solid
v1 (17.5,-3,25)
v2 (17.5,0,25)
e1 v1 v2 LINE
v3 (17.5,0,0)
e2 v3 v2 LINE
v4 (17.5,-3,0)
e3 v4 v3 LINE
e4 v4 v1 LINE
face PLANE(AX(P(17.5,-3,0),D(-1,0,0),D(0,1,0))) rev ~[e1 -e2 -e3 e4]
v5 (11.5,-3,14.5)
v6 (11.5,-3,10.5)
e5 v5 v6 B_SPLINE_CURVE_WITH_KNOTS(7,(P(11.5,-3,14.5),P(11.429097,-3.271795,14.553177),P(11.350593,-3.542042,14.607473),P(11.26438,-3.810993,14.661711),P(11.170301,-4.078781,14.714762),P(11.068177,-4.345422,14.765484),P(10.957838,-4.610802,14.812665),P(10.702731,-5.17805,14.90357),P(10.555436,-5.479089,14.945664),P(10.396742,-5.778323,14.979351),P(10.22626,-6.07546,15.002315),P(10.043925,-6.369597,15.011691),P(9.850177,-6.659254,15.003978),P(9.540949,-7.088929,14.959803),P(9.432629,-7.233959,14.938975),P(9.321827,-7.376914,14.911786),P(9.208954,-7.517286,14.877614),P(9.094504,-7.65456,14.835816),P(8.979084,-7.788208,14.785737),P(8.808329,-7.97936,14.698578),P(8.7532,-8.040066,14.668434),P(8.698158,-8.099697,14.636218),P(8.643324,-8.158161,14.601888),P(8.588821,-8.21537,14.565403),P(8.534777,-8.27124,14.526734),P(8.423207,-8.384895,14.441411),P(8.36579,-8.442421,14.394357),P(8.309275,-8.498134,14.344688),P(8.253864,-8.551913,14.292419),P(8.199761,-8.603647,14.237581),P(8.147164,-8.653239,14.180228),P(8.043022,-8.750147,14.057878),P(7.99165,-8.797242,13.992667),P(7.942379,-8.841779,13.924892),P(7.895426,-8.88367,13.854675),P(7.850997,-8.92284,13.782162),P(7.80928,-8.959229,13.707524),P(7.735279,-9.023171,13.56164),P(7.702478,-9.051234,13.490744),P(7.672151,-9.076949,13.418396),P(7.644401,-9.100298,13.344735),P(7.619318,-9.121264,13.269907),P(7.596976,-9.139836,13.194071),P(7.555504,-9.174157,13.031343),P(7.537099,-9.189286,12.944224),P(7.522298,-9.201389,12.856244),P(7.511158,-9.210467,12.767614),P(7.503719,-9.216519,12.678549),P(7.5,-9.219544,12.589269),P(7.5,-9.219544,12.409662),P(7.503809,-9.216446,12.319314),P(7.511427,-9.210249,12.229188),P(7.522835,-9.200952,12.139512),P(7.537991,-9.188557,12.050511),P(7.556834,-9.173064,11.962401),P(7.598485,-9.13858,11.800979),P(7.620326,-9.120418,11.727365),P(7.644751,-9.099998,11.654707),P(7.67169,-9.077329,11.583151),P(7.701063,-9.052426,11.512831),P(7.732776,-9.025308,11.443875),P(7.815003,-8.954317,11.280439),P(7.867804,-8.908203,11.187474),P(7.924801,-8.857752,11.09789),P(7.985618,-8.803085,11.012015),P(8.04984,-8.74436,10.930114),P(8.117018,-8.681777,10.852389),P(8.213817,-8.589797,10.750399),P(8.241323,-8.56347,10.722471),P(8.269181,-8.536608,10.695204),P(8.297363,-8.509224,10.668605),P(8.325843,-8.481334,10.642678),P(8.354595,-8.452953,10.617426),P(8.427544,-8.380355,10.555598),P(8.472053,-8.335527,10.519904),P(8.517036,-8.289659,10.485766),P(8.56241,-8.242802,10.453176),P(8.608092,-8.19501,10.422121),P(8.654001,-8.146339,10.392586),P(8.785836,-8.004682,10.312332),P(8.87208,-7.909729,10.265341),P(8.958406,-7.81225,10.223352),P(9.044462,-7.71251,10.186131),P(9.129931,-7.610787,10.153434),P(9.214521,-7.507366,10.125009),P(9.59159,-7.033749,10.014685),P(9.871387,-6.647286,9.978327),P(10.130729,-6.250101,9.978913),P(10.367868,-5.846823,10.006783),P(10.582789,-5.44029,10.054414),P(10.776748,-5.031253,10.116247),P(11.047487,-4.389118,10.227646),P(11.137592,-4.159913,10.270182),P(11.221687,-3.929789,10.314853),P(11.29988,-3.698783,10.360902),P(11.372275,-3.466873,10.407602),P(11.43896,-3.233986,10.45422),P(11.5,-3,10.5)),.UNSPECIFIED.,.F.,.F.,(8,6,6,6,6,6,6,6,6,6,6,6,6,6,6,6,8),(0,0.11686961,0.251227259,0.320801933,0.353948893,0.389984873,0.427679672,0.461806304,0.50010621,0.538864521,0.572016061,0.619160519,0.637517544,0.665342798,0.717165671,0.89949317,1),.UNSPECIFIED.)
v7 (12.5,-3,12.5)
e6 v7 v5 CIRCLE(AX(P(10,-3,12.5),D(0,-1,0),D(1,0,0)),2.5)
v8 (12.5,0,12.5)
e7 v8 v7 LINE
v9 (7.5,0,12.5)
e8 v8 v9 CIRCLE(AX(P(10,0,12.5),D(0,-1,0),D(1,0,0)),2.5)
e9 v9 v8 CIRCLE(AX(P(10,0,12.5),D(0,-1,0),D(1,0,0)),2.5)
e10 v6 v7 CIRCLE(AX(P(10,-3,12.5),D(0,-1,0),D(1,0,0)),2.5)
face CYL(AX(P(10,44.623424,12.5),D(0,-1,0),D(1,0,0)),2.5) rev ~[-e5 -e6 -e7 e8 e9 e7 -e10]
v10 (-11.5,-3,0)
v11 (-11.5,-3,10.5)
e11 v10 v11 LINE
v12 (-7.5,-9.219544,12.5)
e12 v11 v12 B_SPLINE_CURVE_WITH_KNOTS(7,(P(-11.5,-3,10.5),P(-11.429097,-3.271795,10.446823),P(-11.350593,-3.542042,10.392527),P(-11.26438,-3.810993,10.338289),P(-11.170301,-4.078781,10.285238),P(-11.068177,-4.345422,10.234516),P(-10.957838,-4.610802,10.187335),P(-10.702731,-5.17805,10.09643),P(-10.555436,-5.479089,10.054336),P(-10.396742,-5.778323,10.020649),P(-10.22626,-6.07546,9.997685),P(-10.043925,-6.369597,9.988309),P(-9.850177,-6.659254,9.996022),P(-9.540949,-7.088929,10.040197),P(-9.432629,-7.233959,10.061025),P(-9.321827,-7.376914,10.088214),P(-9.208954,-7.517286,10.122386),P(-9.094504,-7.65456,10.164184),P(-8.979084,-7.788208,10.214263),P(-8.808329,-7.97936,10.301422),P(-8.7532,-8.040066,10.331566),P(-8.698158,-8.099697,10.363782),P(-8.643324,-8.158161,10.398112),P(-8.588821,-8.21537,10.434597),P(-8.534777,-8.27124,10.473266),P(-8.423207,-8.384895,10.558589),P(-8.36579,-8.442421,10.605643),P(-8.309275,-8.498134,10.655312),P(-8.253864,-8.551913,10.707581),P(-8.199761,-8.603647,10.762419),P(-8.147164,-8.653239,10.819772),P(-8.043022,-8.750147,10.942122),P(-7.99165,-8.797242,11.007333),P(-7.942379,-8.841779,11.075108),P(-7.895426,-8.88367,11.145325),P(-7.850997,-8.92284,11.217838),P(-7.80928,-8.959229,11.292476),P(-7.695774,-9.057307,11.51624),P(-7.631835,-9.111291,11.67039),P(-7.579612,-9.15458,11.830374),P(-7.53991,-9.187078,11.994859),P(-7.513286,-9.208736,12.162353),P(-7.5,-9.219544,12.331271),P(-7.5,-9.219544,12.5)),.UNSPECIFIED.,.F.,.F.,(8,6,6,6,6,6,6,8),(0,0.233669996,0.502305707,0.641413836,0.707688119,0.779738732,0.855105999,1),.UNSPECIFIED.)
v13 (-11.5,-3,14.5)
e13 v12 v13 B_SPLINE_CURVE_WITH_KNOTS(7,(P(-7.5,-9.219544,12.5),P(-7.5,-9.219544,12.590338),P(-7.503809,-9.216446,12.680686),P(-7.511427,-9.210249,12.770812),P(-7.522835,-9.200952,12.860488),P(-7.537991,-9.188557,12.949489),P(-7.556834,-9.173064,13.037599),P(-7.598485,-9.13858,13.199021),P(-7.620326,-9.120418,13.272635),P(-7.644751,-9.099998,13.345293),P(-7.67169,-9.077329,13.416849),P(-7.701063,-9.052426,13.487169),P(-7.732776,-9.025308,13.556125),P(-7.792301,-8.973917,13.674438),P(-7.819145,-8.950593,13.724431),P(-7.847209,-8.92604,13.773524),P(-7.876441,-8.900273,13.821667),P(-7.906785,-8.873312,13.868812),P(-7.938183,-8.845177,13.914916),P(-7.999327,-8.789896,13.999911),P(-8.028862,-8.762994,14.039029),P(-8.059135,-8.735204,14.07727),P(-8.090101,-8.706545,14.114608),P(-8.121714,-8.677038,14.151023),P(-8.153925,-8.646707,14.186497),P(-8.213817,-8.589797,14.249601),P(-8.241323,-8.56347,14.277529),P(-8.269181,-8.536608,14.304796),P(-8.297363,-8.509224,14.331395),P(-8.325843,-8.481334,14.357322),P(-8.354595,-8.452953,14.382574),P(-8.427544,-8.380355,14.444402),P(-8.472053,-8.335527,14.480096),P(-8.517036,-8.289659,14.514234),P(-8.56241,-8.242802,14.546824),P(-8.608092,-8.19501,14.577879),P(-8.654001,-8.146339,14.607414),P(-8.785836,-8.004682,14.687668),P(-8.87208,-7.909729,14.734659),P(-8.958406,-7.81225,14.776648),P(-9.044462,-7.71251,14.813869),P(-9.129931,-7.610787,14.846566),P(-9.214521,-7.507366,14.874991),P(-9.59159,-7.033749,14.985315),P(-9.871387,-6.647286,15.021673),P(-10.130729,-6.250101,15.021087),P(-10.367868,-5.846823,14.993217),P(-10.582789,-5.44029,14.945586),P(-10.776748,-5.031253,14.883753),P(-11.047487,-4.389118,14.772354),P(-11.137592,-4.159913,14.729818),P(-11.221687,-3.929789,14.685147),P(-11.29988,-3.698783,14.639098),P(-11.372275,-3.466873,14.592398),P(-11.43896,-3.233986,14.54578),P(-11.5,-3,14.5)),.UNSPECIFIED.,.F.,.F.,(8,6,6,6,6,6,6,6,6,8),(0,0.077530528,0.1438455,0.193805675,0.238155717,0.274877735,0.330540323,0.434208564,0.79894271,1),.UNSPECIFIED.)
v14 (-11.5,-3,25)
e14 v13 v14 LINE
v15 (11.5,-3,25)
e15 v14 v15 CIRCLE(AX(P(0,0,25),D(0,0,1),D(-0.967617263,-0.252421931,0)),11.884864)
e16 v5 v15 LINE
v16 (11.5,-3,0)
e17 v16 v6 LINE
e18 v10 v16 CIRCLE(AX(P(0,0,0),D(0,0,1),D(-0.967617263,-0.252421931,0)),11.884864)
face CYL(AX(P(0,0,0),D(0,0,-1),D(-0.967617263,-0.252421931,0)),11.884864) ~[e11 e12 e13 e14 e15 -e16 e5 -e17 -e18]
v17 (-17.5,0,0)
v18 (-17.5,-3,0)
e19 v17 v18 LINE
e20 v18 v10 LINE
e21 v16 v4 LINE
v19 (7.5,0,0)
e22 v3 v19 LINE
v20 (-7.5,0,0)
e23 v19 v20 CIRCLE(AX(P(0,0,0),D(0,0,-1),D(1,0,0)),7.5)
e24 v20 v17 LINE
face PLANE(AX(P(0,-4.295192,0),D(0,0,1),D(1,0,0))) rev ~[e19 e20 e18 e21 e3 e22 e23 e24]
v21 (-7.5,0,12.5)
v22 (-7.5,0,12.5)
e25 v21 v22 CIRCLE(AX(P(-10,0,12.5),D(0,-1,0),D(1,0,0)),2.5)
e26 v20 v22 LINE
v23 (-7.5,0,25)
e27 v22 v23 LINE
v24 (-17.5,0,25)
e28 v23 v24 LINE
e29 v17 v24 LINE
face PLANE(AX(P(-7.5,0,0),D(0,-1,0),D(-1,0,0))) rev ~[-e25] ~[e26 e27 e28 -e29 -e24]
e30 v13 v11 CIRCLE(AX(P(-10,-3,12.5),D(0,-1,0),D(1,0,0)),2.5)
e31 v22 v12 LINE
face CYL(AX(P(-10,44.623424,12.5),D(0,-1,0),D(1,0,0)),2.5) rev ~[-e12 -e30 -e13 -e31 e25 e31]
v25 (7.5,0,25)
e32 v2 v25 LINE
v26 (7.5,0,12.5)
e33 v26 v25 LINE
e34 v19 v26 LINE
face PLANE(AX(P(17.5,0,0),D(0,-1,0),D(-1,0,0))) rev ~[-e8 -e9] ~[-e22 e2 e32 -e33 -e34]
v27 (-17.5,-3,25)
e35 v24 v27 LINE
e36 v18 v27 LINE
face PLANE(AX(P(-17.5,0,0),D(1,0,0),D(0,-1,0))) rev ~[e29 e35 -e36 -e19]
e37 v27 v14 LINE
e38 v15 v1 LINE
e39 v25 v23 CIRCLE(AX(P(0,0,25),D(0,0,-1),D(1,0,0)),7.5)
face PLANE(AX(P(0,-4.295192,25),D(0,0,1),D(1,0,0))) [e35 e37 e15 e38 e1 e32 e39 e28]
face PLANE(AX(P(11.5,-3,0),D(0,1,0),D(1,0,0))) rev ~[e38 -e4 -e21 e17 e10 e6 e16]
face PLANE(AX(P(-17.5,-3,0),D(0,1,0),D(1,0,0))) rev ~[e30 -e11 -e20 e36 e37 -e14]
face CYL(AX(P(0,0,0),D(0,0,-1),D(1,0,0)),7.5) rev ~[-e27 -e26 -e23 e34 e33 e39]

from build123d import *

# Parameters (mm, degrees)
F1_DEPTH = 25
F3_D     = 5


with BuildPart() as f1:
    # F0 (on Top) → F1 (new body)
    with BuildSketch(Plane.XY):
        with BuildLine():
            Line((-7.5, 0), (-17.5, 0))
            Line((-17.5, 0), (-17.5, -3))
            Line((-17.5, -3), (-11.5, -3))
            ThreePointArc((-11.5, -3), (0, -11.884864), (11.5, -3))
            Line((11.5, -3), (17.5, -3))
            Line((17.5, -3), (17.5, 0))
            Line((17.5, 0), (7.5, 0))
            ThreePointArc((7.5, 0), (0, -7.5), (-7.5, 0))
        make_face()
    extrude(amount=F1_DEPTH)

    # F3 (through all)
    with Locations(Plane(origin=(0, 0, 0), x_dir=(-1, 0, 0), z_dir=(0, 1, 0))):
        with Locations((-10, 12.5), (10, 12.5)):
            Hole(F3_D / 2)


solid = f1.part
